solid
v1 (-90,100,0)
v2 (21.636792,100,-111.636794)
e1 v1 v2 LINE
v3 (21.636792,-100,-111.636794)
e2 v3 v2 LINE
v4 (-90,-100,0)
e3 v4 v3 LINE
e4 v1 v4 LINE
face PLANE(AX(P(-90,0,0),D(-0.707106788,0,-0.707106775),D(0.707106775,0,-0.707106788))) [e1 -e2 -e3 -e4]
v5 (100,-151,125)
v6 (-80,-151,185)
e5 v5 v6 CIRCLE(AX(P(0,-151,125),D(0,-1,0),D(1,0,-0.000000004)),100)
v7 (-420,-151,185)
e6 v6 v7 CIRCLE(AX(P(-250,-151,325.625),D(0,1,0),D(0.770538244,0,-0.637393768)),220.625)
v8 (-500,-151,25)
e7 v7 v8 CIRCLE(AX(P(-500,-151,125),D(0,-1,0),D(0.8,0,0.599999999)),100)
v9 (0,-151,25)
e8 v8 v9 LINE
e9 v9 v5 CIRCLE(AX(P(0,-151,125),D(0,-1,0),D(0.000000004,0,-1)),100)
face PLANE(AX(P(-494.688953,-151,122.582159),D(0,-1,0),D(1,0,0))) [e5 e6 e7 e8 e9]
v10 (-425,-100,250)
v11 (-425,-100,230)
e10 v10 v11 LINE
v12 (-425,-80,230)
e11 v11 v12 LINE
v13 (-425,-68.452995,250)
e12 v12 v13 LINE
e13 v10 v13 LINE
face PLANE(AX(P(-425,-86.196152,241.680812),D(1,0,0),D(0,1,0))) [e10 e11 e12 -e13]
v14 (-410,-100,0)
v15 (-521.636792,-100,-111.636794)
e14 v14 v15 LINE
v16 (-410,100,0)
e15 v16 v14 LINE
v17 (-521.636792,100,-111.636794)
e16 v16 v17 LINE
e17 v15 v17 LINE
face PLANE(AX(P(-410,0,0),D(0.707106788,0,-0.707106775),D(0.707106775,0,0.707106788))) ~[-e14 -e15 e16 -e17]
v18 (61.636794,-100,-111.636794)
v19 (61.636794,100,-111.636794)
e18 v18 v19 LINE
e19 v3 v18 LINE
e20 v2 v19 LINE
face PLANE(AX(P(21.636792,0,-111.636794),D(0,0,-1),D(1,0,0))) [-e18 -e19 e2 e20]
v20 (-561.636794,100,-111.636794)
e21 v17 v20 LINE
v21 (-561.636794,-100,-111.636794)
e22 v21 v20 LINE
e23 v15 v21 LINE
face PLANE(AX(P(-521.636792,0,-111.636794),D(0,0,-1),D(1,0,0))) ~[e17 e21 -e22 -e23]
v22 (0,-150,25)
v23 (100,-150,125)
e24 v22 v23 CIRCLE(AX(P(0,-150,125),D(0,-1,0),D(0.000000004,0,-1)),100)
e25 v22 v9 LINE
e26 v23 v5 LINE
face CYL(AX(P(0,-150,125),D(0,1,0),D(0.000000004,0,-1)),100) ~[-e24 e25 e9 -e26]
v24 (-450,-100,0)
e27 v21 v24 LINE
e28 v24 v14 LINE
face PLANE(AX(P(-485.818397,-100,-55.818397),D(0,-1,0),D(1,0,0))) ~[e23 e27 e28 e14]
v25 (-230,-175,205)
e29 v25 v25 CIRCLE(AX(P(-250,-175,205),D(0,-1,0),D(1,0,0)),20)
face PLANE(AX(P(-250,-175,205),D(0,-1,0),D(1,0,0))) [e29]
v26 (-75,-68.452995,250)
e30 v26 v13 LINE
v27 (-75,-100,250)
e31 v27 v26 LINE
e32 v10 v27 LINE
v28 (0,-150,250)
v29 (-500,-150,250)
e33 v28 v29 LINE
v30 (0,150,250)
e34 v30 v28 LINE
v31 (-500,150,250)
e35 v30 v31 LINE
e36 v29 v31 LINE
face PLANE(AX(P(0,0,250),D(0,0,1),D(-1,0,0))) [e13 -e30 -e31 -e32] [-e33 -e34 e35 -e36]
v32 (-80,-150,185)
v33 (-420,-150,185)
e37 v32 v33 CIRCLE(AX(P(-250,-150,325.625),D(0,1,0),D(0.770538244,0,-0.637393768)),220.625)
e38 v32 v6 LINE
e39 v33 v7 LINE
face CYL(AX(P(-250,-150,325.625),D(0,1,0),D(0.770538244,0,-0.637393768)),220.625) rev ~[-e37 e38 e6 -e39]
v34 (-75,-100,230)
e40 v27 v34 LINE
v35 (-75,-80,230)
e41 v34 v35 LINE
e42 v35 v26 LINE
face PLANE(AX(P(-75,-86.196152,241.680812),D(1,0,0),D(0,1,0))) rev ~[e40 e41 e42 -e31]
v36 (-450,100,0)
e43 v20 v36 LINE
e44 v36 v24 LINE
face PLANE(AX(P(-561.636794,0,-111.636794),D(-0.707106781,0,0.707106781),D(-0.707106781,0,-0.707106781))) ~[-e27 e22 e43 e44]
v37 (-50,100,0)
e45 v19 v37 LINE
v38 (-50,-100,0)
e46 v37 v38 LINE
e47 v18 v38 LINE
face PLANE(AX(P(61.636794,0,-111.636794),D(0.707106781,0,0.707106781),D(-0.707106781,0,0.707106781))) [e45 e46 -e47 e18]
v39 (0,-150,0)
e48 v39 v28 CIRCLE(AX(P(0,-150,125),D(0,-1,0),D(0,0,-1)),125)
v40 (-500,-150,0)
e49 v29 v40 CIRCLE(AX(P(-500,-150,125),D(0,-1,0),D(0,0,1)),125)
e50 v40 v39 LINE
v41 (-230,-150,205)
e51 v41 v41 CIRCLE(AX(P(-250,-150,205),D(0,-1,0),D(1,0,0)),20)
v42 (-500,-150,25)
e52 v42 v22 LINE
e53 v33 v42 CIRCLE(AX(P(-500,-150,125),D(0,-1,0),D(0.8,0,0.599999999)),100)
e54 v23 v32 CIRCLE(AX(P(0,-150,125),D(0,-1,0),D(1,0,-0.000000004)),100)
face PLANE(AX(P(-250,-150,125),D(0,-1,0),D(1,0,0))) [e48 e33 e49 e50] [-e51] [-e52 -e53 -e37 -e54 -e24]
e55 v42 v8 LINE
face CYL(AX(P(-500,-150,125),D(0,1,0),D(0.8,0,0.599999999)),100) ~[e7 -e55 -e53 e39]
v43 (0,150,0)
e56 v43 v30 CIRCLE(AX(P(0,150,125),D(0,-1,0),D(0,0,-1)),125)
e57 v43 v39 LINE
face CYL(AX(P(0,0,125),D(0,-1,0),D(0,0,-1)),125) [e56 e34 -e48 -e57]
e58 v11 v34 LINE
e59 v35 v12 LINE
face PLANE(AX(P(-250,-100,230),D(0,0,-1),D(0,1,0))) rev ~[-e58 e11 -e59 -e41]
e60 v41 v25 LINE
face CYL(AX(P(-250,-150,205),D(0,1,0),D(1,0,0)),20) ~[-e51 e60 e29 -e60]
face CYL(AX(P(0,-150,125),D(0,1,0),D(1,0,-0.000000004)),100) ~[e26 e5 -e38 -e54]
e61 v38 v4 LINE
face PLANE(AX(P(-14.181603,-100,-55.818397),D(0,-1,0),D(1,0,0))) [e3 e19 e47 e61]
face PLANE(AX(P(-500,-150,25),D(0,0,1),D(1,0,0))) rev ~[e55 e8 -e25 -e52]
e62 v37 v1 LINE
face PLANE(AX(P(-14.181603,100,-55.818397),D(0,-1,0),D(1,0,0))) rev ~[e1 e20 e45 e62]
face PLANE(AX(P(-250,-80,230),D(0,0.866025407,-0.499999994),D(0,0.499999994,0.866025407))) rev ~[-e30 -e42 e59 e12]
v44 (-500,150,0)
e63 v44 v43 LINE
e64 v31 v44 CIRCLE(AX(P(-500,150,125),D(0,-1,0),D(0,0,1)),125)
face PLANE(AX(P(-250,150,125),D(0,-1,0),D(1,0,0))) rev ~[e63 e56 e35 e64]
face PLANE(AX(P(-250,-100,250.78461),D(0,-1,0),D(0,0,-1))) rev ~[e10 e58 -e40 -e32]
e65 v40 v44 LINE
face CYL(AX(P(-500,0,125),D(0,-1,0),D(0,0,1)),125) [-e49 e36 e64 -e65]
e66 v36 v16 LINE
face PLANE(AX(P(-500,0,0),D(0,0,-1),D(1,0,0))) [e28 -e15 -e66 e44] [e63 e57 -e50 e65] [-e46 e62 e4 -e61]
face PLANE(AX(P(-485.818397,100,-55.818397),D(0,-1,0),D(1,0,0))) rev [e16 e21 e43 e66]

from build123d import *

# Parameters (mm, degrees)
F1_DEPTH  = 150
F3_DEPTH  = 100
F7_DEPTH  = 1
F8_R      = 20
F9_DEPTH  = 25
F11_DEPTH = 175


with BuildPart() as f1:
    # F0 (on Front) → F1 (new body, symmetric)
    with BuildSketch(Plane.XZ):
        with BuildLine():
            Line((-500, 0), (0, 0))
            ThreePointArc((0, 0), (125, 125), (0, 250))
            Line((0, 250), (-500, 250))
            ThreePointArc((-500, 250), (-625, 125), (-500, 0))
        make_face()
    extrude(amount=F1_DEPTH, both=True)

    # F2 (on Front) → F3 (join, symmetric)
    with BuildSketch(Plane.XZ):
        Polygon((61.636794, -111.636794), (-50, 0), (-90, 0), (21.636792, -111.636794), align=None)
    extrude(amount=F3_DEPTH, both=True)

    # F5: F1 across plane


with BuildPart() as f1_1:
    add(f1.part)
    add(f1.part.mirror(Plane.YZ.offset(-250)))

    # F6 (on face) → F7 (join)
    with BuildSketch(Plane.XZ.offset(150)):
        with BuildLine():
            ThreePointArc((-500, 25), (-429.289322, 54.289322), (-400, 125))
            ThreePointArc((-400, 125), (-405.13167, 156.622777), (-420, 185))
            ThreePointArc((-420, 185), (-589.442719, 169.72136), (-500, 25))
        make_face()
        with BuildLine():
            ThreePointArc((-420, 185), (-405.13167, 156.622777), (-400, 125))
            ThreePointArc((-400, 125), (-429.289322, 54.289322), (-500, 25))
            Line((-500, 25), (0, 25))
            ThreePointArc((0, 25), (-89.442719, 80.27864), (-80, 185))
            ThreePointArc((-80, 185), (-250, 105), (-420, 185))
        make_face()
        with BuildLine():
            ThreePointArc((100, 125), (31.622777, 219.86833), (-80, 185))
            ThreePointArc((-80, 185), (-89.442719, 80.27864), (0, 25))
            ThreePointArc((0, 25), (70.710678, 54.289322), (100, 125))
        make_face()
    extrude(amount=F7_DEPTH)

    # F8 (on face) → F9 (join)
    with BuildSketch(Plane.XZ.offset(150)):
        with Locations((-250, 205)):
            Circle(F8_R)
    extrude(amount=F9_DEPTH)

    # F10 (on offset) → F11 (cut, symmetric)
    with BuildSketch(Plane.YZ.offset(-250)):
        Polygon((-68, 250.78461), (-100, 250.78461), (-100, 230), (-80, 230), align=None)
    extrude(amount=F11_DEPTH, both=True, mode=Mode.SUBTRACT)


solid = f1_1.part
